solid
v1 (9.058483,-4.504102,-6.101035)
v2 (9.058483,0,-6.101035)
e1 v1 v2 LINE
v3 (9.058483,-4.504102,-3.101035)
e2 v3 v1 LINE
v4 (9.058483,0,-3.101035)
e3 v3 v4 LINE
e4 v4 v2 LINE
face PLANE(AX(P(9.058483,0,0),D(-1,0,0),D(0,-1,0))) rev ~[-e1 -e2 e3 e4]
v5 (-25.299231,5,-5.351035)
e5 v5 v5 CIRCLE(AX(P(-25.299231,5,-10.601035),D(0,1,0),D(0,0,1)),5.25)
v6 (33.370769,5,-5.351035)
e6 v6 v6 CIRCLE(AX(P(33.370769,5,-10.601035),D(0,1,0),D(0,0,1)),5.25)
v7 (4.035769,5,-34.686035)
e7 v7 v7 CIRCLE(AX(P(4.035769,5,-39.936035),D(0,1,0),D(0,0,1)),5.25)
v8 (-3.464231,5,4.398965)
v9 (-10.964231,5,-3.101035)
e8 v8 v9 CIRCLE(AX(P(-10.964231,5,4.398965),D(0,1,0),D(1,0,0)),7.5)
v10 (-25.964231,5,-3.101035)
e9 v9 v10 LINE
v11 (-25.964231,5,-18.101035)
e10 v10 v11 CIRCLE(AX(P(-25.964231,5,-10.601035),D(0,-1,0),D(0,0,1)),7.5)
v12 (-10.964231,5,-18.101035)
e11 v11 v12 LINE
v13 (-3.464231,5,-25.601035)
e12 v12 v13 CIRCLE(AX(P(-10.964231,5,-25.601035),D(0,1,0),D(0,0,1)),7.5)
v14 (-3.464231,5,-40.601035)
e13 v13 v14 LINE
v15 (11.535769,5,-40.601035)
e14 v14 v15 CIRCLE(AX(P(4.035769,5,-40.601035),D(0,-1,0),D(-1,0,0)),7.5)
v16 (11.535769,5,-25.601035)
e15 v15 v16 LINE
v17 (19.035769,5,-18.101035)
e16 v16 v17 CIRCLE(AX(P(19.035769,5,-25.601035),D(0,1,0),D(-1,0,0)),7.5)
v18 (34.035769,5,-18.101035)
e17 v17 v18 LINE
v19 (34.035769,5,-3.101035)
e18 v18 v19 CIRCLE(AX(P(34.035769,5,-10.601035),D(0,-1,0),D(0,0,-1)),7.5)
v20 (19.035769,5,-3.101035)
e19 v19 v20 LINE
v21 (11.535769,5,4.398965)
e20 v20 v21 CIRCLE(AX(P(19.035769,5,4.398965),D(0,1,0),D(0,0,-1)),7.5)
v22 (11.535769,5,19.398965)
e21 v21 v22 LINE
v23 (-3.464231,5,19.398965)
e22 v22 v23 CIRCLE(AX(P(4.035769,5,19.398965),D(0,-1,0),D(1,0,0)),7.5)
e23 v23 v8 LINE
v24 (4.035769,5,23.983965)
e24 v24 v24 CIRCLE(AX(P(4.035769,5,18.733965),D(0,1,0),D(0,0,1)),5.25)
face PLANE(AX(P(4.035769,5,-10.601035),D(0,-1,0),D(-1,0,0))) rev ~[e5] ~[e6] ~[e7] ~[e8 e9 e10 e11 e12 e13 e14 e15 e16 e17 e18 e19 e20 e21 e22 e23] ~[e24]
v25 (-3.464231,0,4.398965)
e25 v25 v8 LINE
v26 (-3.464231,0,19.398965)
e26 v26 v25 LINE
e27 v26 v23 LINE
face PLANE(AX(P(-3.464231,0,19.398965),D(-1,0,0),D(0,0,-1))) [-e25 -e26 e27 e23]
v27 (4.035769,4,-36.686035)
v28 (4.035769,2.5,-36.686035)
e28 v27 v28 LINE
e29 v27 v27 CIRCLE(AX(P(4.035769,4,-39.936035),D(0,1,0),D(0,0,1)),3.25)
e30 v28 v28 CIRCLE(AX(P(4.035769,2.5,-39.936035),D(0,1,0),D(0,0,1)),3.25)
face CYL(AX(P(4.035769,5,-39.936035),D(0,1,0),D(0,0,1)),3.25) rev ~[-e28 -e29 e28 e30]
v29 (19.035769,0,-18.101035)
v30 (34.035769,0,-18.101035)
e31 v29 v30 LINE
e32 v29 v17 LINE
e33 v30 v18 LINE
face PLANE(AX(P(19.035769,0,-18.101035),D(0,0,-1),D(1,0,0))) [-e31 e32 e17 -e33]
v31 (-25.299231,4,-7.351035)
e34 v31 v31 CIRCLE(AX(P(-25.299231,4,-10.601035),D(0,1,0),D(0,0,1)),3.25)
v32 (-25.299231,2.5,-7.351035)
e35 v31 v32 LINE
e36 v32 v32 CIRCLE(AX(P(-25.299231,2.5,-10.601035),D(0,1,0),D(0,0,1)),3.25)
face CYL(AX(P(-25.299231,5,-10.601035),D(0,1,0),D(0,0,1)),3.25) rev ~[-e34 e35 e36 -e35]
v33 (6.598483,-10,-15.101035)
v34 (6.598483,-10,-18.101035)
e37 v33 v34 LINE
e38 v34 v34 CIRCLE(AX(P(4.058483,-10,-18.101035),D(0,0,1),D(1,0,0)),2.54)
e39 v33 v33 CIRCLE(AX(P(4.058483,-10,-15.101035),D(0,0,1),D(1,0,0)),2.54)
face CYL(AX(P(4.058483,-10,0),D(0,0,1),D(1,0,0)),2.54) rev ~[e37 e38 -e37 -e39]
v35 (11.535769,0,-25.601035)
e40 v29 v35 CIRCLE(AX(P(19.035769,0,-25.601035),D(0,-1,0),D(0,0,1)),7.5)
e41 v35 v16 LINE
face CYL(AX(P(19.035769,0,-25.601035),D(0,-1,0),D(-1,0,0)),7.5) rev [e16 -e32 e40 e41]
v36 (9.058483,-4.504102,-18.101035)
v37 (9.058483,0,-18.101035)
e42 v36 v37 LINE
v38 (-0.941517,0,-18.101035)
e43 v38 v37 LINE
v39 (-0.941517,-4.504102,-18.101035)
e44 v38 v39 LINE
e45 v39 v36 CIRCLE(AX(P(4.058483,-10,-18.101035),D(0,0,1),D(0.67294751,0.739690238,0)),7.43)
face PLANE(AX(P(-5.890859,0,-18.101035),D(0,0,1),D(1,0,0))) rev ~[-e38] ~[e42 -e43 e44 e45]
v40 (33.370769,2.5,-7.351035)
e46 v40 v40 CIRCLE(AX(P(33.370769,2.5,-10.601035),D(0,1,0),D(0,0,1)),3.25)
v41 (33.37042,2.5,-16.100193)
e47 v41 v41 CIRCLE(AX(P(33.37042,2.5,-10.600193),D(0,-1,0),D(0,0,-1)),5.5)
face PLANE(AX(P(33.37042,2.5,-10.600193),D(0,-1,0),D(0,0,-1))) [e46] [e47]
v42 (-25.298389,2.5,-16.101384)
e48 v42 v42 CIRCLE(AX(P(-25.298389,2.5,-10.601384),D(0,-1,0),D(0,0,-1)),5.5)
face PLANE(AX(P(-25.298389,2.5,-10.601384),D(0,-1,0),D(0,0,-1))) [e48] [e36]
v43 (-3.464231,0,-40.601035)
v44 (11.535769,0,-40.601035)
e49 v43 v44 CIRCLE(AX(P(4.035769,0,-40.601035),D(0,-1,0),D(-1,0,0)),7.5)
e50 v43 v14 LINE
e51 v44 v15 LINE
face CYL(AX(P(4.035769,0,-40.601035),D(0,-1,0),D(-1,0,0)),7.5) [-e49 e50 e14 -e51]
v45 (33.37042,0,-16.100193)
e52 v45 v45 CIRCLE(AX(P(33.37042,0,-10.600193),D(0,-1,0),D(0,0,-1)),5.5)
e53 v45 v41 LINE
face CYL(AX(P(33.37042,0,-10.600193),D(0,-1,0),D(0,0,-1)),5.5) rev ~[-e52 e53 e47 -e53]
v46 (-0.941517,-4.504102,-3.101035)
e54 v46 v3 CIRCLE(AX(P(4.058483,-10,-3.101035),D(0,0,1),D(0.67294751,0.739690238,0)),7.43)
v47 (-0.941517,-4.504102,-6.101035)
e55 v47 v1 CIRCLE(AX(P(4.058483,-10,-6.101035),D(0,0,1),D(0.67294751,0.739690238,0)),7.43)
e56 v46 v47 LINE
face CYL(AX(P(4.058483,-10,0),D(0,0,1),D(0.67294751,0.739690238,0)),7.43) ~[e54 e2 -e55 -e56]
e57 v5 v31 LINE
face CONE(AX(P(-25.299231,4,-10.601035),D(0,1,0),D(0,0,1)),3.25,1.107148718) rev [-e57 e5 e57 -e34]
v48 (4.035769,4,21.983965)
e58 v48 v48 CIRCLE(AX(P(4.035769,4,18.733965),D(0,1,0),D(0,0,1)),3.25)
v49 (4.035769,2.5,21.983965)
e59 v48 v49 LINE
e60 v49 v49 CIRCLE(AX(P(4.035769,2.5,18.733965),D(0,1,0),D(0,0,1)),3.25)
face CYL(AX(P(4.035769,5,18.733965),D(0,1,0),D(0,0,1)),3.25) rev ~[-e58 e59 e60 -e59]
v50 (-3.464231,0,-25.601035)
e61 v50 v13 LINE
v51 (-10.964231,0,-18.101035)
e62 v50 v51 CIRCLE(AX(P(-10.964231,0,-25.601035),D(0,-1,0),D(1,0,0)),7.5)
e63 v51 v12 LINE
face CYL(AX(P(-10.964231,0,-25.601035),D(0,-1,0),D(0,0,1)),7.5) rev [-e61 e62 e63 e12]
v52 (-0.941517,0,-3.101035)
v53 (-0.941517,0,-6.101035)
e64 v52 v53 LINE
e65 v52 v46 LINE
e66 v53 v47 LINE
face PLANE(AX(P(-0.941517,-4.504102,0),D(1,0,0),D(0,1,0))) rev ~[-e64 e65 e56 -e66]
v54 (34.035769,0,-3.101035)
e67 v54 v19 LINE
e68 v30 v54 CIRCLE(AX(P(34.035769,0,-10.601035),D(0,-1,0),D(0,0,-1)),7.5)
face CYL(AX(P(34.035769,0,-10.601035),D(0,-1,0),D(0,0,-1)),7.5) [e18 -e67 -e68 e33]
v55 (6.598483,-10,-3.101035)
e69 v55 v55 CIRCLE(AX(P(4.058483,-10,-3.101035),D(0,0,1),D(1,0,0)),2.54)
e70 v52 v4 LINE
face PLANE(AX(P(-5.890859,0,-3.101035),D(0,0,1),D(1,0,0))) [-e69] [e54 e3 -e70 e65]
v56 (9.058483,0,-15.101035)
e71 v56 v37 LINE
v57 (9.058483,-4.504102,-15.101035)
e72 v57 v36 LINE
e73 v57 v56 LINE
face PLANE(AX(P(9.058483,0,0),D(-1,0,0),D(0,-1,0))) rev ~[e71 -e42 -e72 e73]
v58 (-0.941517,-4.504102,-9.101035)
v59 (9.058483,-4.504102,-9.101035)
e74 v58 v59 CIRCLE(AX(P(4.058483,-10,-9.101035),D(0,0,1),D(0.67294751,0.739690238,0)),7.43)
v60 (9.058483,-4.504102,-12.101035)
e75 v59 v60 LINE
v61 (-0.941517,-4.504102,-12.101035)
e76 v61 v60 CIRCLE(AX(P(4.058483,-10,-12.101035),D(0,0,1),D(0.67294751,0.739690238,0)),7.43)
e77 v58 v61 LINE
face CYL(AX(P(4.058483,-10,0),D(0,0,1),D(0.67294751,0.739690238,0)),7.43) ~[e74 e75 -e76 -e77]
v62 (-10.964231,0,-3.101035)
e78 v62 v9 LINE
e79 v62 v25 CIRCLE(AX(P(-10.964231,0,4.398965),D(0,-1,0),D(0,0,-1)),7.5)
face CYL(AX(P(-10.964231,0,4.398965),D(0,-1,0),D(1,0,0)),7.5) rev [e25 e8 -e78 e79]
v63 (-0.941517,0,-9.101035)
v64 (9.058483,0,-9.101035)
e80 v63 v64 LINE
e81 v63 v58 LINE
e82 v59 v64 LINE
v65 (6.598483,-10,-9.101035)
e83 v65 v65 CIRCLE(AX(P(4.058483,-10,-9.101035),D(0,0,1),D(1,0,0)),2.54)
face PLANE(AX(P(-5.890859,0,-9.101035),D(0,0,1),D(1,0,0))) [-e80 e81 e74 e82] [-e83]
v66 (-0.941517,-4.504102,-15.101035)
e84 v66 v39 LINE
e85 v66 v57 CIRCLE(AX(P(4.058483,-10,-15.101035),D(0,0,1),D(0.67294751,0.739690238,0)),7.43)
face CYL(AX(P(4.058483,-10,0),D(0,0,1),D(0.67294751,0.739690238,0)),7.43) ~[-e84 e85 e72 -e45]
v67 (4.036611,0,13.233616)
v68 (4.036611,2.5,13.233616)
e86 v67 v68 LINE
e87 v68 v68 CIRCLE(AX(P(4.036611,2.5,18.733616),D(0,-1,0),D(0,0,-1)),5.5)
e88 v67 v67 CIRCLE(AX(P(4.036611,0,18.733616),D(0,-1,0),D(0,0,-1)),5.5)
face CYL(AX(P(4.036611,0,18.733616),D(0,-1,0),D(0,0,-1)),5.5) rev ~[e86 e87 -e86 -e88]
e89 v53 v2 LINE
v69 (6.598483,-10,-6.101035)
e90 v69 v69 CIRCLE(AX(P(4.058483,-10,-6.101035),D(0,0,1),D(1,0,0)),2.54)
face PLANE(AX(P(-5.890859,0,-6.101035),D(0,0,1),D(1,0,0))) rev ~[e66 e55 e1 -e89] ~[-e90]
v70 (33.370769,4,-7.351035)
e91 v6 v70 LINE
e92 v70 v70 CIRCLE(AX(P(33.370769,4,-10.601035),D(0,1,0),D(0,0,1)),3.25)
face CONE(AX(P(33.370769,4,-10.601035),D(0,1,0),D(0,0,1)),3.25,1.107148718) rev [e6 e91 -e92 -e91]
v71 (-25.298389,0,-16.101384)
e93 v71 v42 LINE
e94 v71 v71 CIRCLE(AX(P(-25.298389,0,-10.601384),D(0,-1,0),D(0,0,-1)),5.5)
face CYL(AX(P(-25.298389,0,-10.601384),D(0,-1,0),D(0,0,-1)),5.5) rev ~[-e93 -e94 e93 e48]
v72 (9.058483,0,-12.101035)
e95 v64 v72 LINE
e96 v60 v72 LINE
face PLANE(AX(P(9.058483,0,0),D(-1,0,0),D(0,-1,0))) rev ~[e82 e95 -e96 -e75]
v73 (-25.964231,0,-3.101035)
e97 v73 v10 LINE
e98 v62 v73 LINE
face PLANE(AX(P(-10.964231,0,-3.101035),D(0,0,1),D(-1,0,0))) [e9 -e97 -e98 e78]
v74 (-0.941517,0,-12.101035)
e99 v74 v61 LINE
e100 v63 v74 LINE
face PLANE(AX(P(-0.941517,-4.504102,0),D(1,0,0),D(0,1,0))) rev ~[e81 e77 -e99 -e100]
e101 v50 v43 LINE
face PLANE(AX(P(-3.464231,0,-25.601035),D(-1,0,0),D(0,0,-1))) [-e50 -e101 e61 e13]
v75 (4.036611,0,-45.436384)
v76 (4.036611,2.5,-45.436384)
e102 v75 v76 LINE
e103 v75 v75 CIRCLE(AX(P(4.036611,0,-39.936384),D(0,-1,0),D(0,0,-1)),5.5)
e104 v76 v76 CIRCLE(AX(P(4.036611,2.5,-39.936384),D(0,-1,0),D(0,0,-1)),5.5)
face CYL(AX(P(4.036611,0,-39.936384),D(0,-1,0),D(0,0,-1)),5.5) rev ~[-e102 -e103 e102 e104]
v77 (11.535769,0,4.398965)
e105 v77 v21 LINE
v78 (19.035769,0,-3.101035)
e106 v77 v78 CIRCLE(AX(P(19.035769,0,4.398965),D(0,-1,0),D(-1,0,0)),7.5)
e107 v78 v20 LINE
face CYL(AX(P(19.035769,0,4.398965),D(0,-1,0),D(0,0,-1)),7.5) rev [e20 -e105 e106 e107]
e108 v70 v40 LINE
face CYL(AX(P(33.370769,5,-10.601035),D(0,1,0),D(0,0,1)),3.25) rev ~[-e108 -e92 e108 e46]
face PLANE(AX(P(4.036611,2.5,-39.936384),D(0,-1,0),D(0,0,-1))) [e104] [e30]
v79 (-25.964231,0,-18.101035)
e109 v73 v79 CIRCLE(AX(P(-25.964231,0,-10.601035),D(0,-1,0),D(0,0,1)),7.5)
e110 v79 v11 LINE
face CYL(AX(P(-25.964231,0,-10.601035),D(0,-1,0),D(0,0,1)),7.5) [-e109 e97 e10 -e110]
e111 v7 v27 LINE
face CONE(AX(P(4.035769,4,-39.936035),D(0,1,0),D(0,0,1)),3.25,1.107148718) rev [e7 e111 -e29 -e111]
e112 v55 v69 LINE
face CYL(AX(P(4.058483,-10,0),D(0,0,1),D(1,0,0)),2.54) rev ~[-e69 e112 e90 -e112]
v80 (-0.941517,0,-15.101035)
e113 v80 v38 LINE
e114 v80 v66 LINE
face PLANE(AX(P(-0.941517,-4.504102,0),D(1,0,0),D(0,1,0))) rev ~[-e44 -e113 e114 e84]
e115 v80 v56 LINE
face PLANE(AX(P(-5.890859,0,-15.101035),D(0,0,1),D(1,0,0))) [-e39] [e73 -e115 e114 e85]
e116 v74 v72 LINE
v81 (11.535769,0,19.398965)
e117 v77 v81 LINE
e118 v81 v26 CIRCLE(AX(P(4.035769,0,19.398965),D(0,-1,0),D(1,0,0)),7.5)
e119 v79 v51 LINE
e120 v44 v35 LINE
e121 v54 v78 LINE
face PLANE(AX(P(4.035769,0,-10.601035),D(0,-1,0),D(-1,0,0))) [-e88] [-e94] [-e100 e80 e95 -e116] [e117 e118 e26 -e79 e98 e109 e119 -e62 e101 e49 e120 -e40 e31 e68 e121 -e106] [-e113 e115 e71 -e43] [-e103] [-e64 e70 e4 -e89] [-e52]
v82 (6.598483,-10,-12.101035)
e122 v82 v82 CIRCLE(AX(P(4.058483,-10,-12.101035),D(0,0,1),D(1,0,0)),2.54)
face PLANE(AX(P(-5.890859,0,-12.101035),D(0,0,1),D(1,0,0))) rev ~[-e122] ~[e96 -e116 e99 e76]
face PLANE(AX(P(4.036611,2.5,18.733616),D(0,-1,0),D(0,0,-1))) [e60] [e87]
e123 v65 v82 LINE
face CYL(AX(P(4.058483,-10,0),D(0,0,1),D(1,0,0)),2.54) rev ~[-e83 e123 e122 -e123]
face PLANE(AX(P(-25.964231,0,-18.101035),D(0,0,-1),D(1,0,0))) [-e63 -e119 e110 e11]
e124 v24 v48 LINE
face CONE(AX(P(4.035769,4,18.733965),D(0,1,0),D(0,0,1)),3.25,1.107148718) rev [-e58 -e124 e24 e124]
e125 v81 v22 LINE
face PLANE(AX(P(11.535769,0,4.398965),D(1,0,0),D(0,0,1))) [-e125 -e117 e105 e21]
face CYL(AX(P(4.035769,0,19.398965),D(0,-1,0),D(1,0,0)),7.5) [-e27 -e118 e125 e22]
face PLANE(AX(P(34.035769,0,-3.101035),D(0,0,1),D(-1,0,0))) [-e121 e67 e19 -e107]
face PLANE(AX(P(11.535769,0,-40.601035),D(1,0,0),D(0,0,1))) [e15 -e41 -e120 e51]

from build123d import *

# Parameters (mm, degrees)
ESTRUSIONE_ESTRUSIONE1_DEPTH = 5
SCHIZZO4_R                   = 3.25
TAGLIO_ESTRUSIONE1_DEPTH     = 64.748958347
SMUSSO2_SIZE                 = 2
SMUSSO2_SIZE2                = 1
SCHIZZO5_R                   = 5.5
TAGLIO_ESTRUSIONE2_DEPTH     = 2.5
SCHIZZO7_R                   = 2.54
ESTRUSIONE_ESTRUSIONE2_DEPTH = 20
SCHIZZO9_W                   = 20
SCHIZZO9_H                   = 3
SCHIZZO9_H_2                 = 4.712842408
SCHIZZO9_H_3                 = 4.145579672
TAGLIO_ESTRUSIONE3_DEPTH     = 20


with BuildPart() as part:
    # Schizzo3 → Estrusione-Estrusione1 (new body)
    with BuildSketch(Plane(origin=(0, 0, 0), x_dir=(1, 0, 0), z_dir=(0, 1, 0))):
        with BuildLine():
            Line((-25.964231013, 18.101035176), (-10.964231013, 18.101035176))
            ThreePointArc((-10.964231013, 18.101035176), (-5.660930154, 20.297734317), (-3.464231013, 25.601035176))
            Line((-3.464231013, 25.601035176), (-3.464231013, 40.601035176))
            ThreePointArc((-3.464231013, 40.601035176), (4.035768987, 48.101035176), (11.535768987, 40.601035176))
            Line((11.535768987, 40.601035176), (11.535768987, 25.601035176))
            ThreePointArc((11.535768987, 25.601035176), (13.732468128, 20.297734317), (19.035768987, 18.101035176))
            Line((19.035768987, 18.101035176), (34.035768987, 18.101035176))
            ThreePointArc((34.035768987, 18.101035176), (41.535768987, 10.601035176), (34.035768987, 3.101035176))
            Line((34.035768987, 3.101035176), (19.035768987, 3.101035176))
            ThreePointArc((19.035768987, 3.101035176), (13.732468128, 0.904336035), (11.535768987, -4.398964824))
            Line((11.535768987, -4.398964824), (11.535768987, -19.398964824))
            ThreePointArc((11.535768987, -19.398964824), (4.035768987, -26.898964824), (-3.464231013, -19.398964824))
            Line((-3.464231013, -19.398964824), (-3.464231013, -4.398964824))
            ThreePointArc((-3.464231013, -4.398964824), (-5.660930154, 0.904336035), (-10.964231013, 3.101035176))
            Line((-10.964231013, 3.101035176), (-25.964231013, 3.101035176))
            ThreePointArc((-25.964231013, 3.101035176), (-33.464231013, 10.601035176), (-25.964231013, 18.101035176))
        make_face()
    extrude(amount=ESTRUSIONE_ESTRUSIONE1_DEPTH)

    # Schizzo4 → Taglio-Estrusione1 (cut, through all)
    with BuildSketch(Plane(origin=(0, 5, 0), x_dir=(1, 0, 0), z_dir=(0, 1, 0))):
        with Locations(Location((4.035768987, -18.733964824, 0), (0, 0, 270))):
            Circle(SCHIZZO4_R)
        with Locations(Location((4.035768987, 39.936035176, 0), (0, 0, 270))):
            Circle(SCHIZZO4_R)
        with Locations(Location((-25.299231013, 10.601035176, 0), (0, 0, 270))):
            Circle(SCHIZZO4_R)
        with Locations(Location((33.370768987, 10.601035176, 0), (0, 0, 270))):
            Circle(SCHIZZO4_R)
    extrude(amount=-TAGLIO_ESTRUSIONE1_DEPTH, mode=Mode.SUBTRACT)

    # Smusso2
    smusso2_edges = [part.edges().sort_by_distance(p)[0] for p in [
        (4.035768987, 5, 15.483964824),
        (4.035768987, 5, -43.186035176),
        (-25.299231013, 5, -13.851035176),
        (33.370768987, 5, -13.851035176),
    ]]
    smusso2_side = [part.faces().sort_by_distance(p)[0] for p in [
        (4.035768987, 5, -10.601035176),
    ]]
    chamfer(smusso2_edges, length=SMUSSO2_SIZE, length2=SMUSSO2_SIZE2, reference=smusso2_side[0])

    # Schizzo5 → Taglio-Estrusione2 (cut)
    with BuildSketch(Plane.XZ):
        with Locations(Location((4.03661079, 18.733616138, 0), (0, 0, 270))):
            Circle(SCHIZZO5_R)
        with Locations(Location((4.03661079, -39.936383862, 0), (0, 0, 270))):
            Circle(SCHIZZO5_R)
        with Locations(Location((-25.29838921, -10.601383862, 0), (0, 0, 270))):
            Circle(SCHIZZO5_R)
        with Locations(Location((33.370420301, -10.600193374, 0), (0, 0, 270))):
            Circle(SCHIZZO5_R)
    extrude(amount=-TAGLIO_ESTRUSIONE2_DEPTH, mode=Mode.SUBTRACT)

    # Schizzo7 → Estrusione-Estrusione2 (add)
    with BuildSketch(Plane.XY):
        with BuildLine():
            Line((-0.941517405, -4.504101529), (-0.941517405, 0))
            Line((-0.941517405, 0), (9.058482595, 0))
            Line((9.058482595, 0), (9.058482595, -4.504101529))
            ThreePointArc((9.058482595, -4.504101529), (4.058482595, -17.43), (-0.941517405, -4.504101529))
        make_face()
        with Locations((4.058482595, -10)):
            Circle(SCHIZZO7_R, mode=Mode.SUBTRACT)
    extrude(amount=-ESTRUSIONE_ESTRUSIONE2_DEPTH)

    # Schizzo9 → Taglio-Estrusione3 (cut)
    with BuildSketch(Plane.XZ):
        with Locations((4.109140738, -7.601035176)):
            Rectangle(SCHIZZO9_W, SCHIZZO9_H)
        with Locations((4.109140738, -13.601035176)):
            Rectangle(SCHIZZO9_W, SCHIZZO9_H)
        with Locations((4.109140738, -0.744613972)):
            Rectangle(SCHIZZO9_W, SCHIZZO9_H_2)
        with Locations((4.109140738, -20.173825012)):
            Rectangle(SCHIZZO9_W, SCHIZZO9_H_3)
    extrude(amount=TAGLIO_ESTRUSIONE3_DEPTH, mode=Mode.SUBTRACT)


solid = part.part
